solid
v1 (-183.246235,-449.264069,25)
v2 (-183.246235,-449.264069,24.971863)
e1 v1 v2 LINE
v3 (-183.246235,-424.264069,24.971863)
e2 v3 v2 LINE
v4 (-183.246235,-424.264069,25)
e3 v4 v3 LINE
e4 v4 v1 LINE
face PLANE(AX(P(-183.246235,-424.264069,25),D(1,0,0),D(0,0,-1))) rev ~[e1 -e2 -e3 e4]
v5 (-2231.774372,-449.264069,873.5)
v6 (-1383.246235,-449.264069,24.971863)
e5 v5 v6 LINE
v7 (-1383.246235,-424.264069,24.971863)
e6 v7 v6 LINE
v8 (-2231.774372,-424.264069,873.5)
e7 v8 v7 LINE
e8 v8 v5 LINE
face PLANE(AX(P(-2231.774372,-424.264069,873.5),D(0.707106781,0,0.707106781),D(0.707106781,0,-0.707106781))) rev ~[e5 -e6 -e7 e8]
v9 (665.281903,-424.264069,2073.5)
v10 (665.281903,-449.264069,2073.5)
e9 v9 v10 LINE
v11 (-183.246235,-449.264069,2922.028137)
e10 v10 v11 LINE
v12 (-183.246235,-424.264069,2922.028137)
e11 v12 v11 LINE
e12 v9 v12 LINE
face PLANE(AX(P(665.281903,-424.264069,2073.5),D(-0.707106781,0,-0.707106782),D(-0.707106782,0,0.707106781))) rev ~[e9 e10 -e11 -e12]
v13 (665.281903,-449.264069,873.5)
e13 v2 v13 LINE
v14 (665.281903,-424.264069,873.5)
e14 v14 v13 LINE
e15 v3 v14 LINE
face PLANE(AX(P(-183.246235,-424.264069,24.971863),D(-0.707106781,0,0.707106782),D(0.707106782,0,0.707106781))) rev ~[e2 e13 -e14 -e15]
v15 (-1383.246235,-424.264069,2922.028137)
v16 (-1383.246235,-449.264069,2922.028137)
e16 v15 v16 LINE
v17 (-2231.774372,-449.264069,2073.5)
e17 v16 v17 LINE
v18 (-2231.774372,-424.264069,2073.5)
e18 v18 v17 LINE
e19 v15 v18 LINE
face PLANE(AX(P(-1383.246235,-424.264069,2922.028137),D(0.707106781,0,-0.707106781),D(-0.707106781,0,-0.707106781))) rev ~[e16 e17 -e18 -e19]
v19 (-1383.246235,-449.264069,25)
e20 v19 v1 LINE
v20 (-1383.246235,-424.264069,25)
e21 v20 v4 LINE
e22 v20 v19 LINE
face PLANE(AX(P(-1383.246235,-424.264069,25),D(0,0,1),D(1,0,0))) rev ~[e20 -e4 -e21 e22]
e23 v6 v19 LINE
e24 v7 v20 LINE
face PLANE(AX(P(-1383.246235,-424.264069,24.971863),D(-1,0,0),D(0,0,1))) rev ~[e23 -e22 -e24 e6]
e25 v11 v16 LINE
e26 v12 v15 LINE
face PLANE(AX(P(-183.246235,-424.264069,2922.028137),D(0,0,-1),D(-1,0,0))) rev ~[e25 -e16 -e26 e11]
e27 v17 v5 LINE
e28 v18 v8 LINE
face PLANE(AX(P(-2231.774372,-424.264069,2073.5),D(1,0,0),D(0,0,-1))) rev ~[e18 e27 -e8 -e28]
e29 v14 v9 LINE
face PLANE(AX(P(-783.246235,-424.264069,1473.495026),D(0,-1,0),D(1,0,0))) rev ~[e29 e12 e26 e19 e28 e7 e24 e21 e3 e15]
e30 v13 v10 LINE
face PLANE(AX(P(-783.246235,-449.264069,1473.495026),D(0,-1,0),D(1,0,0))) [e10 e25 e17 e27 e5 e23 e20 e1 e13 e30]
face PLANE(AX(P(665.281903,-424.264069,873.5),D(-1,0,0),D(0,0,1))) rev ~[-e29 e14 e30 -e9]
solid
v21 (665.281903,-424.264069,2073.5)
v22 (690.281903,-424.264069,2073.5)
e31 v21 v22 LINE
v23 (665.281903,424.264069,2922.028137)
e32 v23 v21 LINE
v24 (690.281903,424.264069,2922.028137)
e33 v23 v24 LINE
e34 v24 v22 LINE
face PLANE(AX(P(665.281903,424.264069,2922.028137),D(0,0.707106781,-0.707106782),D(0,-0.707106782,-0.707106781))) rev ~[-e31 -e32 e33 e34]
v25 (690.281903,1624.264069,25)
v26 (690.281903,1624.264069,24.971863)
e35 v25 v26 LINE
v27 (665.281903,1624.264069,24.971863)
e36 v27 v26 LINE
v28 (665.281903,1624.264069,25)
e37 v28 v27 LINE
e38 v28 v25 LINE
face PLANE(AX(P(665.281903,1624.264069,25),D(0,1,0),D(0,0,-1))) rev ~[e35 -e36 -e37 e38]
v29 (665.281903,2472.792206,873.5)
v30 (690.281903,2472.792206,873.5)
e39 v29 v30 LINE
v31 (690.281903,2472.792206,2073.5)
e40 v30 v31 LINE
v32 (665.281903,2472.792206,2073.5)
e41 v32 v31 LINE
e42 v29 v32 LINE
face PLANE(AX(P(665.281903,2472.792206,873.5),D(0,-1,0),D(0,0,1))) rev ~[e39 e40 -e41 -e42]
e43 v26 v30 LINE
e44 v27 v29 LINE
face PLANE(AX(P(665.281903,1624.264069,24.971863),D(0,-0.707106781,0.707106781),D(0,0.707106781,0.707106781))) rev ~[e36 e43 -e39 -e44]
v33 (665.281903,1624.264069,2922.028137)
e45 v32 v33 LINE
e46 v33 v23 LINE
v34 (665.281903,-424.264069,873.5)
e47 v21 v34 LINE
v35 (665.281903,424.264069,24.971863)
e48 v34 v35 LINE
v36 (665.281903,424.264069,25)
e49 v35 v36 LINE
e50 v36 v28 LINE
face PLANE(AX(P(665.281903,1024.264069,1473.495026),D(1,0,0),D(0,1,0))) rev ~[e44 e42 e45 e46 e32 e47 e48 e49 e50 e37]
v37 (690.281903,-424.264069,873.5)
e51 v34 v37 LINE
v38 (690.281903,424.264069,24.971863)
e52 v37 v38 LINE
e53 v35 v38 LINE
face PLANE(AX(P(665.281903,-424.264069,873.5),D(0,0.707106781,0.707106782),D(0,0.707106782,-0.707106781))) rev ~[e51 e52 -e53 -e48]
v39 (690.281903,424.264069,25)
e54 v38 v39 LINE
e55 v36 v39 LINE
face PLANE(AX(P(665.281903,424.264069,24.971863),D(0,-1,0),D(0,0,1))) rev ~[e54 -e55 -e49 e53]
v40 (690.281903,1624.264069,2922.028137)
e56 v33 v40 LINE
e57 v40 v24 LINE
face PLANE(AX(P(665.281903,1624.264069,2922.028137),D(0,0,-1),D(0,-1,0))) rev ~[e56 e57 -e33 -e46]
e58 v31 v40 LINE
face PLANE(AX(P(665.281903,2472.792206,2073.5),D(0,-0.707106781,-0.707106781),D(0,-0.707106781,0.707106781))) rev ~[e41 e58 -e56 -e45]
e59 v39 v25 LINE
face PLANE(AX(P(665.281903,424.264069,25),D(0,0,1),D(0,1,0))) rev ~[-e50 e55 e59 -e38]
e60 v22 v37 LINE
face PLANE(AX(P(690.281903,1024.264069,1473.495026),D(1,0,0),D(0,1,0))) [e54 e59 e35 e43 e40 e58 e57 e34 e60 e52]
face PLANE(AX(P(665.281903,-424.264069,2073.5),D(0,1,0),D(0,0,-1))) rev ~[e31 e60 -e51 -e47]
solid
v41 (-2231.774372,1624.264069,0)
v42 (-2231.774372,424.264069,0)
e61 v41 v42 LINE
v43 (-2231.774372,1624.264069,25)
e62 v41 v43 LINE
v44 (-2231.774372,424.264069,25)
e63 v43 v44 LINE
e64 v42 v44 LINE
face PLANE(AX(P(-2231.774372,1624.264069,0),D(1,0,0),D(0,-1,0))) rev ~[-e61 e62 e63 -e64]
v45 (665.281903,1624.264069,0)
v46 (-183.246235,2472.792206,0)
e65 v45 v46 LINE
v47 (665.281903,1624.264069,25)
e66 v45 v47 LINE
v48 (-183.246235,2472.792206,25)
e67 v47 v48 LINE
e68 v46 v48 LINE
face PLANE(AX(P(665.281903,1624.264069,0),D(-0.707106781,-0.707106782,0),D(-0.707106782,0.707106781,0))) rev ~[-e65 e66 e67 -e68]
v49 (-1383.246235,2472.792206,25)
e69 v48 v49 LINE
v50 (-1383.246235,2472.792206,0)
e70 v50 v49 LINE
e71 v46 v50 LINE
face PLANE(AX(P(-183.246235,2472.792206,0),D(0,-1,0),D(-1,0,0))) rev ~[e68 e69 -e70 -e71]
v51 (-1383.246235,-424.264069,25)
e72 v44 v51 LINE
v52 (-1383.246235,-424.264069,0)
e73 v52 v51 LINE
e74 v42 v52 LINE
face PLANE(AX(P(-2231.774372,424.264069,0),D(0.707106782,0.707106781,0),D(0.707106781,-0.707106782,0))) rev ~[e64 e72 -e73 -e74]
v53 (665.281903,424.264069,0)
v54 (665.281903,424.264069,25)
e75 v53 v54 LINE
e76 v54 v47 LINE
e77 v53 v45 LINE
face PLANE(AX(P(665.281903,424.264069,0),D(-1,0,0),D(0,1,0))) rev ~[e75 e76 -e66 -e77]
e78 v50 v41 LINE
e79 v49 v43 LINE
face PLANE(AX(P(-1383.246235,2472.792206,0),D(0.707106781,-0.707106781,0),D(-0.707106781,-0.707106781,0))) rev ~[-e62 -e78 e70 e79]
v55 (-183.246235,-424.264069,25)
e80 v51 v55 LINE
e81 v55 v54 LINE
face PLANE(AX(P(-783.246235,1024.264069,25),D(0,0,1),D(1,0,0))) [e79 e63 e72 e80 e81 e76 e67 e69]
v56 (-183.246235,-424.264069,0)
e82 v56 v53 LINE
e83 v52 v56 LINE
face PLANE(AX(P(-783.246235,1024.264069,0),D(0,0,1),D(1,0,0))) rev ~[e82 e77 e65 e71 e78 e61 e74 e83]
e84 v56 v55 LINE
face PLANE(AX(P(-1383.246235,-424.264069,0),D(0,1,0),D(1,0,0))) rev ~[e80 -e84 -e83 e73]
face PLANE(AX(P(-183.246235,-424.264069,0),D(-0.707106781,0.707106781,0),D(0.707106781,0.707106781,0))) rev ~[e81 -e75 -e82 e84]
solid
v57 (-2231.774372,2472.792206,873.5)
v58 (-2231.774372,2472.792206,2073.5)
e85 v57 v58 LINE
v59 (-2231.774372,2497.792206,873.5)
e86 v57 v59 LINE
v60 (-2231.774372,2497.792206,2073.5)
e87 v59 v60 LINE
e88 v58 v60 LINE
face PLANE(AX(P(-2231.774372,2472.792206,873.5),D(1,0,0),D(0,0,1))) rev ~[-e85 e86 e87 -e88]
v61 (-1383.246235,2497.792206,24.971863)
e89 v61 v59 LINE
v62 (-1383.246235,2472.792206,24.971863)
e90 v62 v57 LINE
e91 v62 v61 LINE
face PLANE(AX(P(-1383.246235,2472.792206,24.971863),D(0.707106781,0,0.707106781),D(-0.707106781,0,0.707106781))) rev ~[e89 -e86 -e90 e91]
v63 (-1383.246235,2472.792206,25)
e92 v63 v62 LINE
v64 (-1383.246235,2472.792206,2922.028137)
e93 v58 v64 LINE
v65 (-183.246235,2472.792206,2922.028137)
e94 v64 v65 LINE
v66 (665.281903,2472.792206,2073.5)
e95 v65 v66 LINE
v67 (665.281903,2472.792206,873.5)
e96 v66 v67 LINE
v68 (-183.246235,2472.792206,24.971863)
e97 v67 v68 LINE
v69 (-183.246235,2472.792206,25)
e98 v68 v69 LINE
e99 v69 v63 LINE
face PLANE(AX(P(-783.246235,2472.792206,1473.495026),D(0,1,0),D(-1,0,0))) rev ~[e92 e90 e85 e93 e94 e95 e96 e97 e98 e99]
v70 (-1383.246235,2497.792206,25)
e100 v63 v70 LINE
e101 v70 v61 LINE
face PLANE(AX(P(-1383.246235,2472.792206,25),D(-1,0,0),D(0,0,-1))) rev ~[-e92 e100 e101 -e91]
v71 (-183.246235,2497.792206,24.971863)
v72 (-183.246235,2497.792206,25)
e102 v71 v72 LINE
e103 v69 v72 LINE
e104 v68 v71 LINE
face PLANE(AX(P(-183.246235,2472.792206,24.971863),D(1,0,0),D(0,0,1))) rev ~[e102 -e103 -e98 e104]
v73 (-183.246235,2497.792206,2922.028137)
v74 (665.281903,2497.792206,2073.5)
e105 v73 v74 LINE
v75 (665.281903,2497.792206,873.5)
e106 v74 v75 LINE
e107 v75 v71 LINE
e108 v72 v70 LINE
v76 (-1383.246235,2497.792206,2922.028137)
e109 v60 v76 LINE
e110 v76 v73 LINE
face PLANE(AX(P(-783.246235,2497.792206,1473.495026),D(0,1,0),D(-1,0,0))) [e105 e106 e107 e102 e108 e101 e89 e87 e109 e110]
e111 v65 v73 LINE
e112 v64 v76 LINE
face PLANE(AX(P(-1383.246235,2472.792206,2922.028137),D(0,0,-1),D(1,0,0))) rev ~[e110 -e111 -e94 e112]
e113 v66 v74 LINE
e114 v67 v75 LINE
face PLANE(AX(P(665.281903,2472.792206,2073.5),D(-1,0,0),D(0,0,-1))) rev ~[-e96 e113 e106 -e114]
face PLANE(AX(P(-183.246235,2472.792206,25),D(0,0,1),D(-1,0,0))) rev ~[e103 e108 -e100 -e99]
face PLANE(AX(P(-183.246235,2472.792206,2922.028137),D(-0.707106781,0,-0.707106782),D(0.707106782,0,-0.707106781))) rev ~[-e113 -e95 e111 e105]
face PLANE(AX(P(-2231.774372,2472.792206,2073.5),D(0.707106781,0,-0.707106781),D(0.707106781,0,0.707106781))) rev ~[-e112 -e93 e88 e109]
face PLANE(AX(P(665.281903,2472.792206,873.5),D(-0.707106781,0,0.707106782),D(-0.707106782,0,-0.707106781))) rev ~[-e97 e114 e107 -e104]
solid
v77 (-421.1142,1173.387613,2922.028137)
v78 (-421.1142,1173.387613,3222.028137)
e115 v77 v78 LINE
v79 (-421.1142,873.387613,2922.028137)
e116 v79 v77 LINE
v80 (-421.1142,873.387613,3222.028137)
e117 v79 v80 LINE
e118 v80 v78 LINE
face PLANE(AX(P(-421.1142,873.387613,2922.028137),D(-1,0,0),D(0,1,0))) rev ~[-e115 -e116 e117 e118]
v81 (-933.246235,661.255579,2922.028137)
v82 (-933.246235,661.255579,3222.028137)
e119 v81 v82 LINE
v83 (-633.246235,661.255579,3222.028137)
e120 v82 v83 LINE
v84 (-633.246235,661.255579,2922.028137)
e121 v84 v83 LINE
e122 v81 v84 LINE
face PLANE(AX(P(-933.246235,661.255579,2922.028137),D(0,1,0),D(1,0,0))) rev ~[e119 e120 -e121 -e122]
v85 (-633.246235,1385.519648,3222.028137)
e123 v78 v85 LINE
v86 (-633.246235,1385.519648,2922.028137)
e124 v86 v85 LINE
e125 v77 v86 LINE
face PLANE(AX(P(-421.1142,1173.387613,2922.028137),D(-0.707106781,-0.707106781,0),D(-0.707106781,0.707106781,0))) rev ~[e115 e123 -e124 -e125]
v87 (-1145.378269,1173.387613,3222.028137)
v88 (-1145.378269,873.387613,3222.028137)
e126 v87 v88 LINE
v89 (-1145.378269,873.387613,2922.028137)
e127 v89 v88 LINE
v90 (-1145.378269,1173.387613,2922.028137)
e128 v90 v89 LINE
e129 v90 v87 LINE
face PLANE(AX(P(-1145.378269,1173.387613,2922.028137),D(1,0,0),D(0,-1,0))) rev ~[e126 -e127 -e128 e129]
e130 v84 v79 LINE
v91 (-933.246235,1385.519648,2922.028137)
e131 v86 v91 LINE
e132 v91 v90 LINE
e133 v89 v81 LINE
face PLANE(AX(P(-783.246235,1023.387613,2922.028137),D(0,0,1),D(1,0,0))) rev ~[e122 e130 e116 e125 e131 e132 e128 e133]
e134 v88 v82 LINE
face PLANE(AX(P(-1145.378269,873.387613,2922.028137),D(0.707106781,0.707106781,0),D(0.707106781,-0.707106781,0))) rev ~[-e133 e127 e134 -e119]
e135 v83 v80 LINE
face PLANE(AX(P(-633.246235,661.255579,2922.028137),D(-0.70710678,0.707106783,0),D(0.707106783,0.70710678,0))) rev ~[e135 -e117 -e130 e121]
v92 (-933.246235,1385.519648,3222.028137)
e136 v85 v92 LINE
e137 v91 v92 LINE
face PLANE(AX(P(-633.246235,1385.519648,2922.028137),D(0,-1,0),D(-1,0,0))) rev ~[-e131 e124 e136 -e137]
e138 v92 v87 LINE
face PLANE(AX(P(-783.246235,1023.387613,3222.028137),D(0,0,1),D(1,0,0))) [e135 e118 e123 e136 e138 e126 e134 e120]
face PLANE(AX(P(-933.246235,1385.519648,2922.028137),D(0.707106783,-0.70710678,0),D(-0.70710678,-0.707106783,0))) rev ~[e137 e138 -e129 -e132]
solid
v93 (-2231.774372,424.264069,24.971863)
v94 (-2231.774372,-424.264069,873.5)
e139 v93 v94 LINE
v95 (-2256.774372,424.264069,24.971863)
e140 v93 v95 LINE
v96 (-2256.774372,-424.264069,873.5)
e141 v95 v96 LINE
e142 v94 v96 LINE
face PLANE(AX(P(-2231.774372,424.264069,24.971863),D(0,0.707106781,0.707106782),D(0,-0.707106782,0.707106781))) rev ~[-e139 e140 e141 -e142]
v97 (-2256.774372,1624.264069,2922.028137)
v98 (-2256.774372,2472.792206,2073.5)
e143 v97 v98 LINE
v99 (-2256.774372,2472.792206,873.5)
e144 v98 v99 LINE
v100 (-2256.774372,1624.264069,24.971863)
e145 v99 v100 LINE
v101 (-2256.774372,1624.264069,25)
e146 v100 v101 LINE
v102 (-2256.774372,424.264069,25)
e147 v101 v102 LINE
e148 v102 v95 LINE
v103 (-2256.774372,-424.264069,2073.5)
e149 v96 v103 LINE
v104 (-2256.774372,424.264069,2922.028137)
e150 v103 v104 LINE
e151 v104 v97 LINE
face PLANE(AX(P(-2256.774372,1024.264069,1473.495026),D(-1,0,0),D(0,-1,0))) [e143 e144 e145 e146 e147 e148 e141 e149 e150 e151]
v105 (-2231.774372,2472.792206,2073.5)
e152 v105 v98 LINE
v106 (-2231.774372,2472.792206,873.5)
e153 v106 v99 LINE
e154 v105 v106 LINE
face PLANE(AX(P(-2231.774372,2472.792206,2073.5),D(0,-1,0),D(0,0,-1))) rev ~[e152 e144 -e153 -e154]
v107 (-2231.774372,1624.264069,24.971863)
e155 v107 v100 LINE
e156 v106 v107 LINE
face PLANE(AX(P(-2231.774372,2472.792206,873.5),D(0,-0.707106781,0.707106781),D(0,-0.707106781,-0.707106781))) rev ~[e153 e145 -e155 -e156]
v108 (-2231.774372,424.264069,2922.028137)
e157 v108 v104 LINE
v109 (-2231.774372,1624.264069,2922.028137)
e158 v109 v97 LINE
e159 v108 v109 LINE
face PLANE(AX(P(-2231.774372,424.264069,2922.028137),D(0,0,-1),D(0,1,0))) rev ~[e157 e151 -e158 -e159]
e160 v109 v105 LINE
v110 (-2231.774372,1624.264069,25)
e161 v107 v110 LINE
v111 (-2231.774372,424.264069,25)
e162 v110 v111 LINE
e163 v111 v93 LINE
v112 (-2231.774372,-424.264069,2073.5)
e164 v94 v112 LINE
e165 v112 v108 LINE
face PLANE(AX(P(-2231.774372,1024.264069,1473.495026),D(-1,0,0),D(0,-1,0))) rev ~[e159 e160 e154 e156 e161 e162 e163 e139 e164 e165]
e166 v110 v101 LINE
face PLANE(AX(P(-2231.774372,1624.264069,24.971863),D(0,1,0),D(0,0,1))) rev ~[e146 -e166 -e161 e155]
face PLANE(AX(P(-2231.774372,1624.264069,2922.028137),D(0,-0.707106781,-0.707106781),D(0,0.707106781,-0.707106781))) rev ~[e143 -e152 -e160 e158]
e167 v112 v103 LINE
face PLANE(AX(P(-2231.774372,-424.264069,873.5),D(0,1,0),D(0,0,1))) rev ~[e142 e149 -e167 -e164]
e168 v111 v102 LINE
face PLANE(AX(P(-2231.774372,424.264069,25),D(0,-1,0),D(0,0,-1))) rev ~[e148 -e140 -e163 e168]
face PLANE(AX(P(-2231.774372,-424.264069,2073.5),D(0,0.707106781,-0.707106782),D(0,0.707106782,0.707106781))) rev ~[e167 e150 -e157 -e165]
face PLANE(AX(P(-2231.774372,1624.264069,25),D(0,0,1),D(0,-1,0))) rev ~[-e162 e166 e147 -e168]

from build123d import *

# Parameters (mm, degrees)
F1_DEPTH  = 25
F3_DEPTH  = 25
F5_DEPTH  = 25
F7_DEPTH  = 25
F9_DEPTH  = 25
F11_DEPTH = 300


with BuildPart() as f1:
    # F0 (on Top) → F1 (new body)
    with BuildSketch(Plane.XY):
        Polygon((-183.246235, -424.264069), (665.281903, 424.264069), (665.281903, 1624.264069), (-183.246235, 2472.792206), (-1383.246235, 2472.792206), (-2231.774372, 1624.264069), (-2231.774372, 424.264069), (-1383.246235, -424.264069), align=None)
    extrude(amount=F1_DEPTH)


with BuildPart() as f3:
    # F2 (on face) → F3 (new body)
    with BuildSketch(Plane.XZ.offset(424.264069)):
        Polygon((-183.246235, 25), (-183.246235, 24.971863), (665.281903, 873.5), (665.281903, 2073.5), (-183.246235, 2922.028137), (-1383.246235, 2922.028137), (-2231.774372, 2073.5), (-2231.774372, 873.5), (-1383.246235, 24.971863), (-1383.246235, 25), align=None)
    extrude(amount=F3_DEPTH)


with BuildPart() as f5:
    # F4 (on face) → F5 (new body)
    with BuildSketch(Plane(origin=(0, 2472.792206, 0), x_dir=(-1, 0, 0), z_dir=(0, 1, 0))):
        Polygon((1383.246235, 24.971863), (2231.774372, 873.5), (2231.774372, 2073.5), (1383.246235, 2922.028137), (183.246235, 2922.028137), (-665.281903, 2073.5), (-665.281903, 873.5), (183.246235, 24.971863), (183.246235, 25), (1383.246235, 25), align=None)
    extrude(amount=F5_DEPTH)


with BuildPart() as f7:
    # F6 (on face) → F7 (new body)
    with BuildSketch(Plane.YZ.offset(665.281903)):
        Polygon((1624.264069, 25), (1624.264069, 24.971863), (2472.792206, 873.5), (2472.792206, 2073.5), (1624.264069, 2922.028137), (424.264069, 2922.028137), (-424.264069, 2073.5), (-424.264069, 873.5), (424.264069, 24.971863), (424.264069, 25), align=None)
    extrude(amount=F7_DEPTH)


with BuildPart() as f9:
    # F8 (on face) → F9 (new body)
    with BuildSketch(Plane(origin=(-2231.774372, 0, 0), x_dir=(0, -1, 0), z_dir=(-1, 0, 0))):
        Polygon((-424.264069, 25), (-424.264069, 24.971863), (424.264069, 873.5), (424.264069, 2073.5), (-424.264069, 2922.028137), (-1624.264069, 2922.028137), (-2472.792206, 2073.5), (-2472.792206, 873.5), (-1624.264069, 24.971863), (-1624.264069, 25), align=None)
    extrude(amount=F9_DEPTH)


with BuildPart() as f11:
    # F10 (on face) → F11 (new body)
    with BuildSketch(Plane.XY.offset(2922.028137)):
        Polygon((-933.246235, 661.255579), (-633.246235, 661.255579), (-421.1142, 873.387613), (-421.1142, 1173.387613), (-633.246235, 1385.519648), (-933.246235, 1385.519648), (-1145.378269, 1173.387613), (-1145.378269, 873.387613), align=None)
    extrude(amount=F11_DEPTH)


solid = Compound([f1.part, f3.part, f5.part, f7.part, f9.part, f11.part])
